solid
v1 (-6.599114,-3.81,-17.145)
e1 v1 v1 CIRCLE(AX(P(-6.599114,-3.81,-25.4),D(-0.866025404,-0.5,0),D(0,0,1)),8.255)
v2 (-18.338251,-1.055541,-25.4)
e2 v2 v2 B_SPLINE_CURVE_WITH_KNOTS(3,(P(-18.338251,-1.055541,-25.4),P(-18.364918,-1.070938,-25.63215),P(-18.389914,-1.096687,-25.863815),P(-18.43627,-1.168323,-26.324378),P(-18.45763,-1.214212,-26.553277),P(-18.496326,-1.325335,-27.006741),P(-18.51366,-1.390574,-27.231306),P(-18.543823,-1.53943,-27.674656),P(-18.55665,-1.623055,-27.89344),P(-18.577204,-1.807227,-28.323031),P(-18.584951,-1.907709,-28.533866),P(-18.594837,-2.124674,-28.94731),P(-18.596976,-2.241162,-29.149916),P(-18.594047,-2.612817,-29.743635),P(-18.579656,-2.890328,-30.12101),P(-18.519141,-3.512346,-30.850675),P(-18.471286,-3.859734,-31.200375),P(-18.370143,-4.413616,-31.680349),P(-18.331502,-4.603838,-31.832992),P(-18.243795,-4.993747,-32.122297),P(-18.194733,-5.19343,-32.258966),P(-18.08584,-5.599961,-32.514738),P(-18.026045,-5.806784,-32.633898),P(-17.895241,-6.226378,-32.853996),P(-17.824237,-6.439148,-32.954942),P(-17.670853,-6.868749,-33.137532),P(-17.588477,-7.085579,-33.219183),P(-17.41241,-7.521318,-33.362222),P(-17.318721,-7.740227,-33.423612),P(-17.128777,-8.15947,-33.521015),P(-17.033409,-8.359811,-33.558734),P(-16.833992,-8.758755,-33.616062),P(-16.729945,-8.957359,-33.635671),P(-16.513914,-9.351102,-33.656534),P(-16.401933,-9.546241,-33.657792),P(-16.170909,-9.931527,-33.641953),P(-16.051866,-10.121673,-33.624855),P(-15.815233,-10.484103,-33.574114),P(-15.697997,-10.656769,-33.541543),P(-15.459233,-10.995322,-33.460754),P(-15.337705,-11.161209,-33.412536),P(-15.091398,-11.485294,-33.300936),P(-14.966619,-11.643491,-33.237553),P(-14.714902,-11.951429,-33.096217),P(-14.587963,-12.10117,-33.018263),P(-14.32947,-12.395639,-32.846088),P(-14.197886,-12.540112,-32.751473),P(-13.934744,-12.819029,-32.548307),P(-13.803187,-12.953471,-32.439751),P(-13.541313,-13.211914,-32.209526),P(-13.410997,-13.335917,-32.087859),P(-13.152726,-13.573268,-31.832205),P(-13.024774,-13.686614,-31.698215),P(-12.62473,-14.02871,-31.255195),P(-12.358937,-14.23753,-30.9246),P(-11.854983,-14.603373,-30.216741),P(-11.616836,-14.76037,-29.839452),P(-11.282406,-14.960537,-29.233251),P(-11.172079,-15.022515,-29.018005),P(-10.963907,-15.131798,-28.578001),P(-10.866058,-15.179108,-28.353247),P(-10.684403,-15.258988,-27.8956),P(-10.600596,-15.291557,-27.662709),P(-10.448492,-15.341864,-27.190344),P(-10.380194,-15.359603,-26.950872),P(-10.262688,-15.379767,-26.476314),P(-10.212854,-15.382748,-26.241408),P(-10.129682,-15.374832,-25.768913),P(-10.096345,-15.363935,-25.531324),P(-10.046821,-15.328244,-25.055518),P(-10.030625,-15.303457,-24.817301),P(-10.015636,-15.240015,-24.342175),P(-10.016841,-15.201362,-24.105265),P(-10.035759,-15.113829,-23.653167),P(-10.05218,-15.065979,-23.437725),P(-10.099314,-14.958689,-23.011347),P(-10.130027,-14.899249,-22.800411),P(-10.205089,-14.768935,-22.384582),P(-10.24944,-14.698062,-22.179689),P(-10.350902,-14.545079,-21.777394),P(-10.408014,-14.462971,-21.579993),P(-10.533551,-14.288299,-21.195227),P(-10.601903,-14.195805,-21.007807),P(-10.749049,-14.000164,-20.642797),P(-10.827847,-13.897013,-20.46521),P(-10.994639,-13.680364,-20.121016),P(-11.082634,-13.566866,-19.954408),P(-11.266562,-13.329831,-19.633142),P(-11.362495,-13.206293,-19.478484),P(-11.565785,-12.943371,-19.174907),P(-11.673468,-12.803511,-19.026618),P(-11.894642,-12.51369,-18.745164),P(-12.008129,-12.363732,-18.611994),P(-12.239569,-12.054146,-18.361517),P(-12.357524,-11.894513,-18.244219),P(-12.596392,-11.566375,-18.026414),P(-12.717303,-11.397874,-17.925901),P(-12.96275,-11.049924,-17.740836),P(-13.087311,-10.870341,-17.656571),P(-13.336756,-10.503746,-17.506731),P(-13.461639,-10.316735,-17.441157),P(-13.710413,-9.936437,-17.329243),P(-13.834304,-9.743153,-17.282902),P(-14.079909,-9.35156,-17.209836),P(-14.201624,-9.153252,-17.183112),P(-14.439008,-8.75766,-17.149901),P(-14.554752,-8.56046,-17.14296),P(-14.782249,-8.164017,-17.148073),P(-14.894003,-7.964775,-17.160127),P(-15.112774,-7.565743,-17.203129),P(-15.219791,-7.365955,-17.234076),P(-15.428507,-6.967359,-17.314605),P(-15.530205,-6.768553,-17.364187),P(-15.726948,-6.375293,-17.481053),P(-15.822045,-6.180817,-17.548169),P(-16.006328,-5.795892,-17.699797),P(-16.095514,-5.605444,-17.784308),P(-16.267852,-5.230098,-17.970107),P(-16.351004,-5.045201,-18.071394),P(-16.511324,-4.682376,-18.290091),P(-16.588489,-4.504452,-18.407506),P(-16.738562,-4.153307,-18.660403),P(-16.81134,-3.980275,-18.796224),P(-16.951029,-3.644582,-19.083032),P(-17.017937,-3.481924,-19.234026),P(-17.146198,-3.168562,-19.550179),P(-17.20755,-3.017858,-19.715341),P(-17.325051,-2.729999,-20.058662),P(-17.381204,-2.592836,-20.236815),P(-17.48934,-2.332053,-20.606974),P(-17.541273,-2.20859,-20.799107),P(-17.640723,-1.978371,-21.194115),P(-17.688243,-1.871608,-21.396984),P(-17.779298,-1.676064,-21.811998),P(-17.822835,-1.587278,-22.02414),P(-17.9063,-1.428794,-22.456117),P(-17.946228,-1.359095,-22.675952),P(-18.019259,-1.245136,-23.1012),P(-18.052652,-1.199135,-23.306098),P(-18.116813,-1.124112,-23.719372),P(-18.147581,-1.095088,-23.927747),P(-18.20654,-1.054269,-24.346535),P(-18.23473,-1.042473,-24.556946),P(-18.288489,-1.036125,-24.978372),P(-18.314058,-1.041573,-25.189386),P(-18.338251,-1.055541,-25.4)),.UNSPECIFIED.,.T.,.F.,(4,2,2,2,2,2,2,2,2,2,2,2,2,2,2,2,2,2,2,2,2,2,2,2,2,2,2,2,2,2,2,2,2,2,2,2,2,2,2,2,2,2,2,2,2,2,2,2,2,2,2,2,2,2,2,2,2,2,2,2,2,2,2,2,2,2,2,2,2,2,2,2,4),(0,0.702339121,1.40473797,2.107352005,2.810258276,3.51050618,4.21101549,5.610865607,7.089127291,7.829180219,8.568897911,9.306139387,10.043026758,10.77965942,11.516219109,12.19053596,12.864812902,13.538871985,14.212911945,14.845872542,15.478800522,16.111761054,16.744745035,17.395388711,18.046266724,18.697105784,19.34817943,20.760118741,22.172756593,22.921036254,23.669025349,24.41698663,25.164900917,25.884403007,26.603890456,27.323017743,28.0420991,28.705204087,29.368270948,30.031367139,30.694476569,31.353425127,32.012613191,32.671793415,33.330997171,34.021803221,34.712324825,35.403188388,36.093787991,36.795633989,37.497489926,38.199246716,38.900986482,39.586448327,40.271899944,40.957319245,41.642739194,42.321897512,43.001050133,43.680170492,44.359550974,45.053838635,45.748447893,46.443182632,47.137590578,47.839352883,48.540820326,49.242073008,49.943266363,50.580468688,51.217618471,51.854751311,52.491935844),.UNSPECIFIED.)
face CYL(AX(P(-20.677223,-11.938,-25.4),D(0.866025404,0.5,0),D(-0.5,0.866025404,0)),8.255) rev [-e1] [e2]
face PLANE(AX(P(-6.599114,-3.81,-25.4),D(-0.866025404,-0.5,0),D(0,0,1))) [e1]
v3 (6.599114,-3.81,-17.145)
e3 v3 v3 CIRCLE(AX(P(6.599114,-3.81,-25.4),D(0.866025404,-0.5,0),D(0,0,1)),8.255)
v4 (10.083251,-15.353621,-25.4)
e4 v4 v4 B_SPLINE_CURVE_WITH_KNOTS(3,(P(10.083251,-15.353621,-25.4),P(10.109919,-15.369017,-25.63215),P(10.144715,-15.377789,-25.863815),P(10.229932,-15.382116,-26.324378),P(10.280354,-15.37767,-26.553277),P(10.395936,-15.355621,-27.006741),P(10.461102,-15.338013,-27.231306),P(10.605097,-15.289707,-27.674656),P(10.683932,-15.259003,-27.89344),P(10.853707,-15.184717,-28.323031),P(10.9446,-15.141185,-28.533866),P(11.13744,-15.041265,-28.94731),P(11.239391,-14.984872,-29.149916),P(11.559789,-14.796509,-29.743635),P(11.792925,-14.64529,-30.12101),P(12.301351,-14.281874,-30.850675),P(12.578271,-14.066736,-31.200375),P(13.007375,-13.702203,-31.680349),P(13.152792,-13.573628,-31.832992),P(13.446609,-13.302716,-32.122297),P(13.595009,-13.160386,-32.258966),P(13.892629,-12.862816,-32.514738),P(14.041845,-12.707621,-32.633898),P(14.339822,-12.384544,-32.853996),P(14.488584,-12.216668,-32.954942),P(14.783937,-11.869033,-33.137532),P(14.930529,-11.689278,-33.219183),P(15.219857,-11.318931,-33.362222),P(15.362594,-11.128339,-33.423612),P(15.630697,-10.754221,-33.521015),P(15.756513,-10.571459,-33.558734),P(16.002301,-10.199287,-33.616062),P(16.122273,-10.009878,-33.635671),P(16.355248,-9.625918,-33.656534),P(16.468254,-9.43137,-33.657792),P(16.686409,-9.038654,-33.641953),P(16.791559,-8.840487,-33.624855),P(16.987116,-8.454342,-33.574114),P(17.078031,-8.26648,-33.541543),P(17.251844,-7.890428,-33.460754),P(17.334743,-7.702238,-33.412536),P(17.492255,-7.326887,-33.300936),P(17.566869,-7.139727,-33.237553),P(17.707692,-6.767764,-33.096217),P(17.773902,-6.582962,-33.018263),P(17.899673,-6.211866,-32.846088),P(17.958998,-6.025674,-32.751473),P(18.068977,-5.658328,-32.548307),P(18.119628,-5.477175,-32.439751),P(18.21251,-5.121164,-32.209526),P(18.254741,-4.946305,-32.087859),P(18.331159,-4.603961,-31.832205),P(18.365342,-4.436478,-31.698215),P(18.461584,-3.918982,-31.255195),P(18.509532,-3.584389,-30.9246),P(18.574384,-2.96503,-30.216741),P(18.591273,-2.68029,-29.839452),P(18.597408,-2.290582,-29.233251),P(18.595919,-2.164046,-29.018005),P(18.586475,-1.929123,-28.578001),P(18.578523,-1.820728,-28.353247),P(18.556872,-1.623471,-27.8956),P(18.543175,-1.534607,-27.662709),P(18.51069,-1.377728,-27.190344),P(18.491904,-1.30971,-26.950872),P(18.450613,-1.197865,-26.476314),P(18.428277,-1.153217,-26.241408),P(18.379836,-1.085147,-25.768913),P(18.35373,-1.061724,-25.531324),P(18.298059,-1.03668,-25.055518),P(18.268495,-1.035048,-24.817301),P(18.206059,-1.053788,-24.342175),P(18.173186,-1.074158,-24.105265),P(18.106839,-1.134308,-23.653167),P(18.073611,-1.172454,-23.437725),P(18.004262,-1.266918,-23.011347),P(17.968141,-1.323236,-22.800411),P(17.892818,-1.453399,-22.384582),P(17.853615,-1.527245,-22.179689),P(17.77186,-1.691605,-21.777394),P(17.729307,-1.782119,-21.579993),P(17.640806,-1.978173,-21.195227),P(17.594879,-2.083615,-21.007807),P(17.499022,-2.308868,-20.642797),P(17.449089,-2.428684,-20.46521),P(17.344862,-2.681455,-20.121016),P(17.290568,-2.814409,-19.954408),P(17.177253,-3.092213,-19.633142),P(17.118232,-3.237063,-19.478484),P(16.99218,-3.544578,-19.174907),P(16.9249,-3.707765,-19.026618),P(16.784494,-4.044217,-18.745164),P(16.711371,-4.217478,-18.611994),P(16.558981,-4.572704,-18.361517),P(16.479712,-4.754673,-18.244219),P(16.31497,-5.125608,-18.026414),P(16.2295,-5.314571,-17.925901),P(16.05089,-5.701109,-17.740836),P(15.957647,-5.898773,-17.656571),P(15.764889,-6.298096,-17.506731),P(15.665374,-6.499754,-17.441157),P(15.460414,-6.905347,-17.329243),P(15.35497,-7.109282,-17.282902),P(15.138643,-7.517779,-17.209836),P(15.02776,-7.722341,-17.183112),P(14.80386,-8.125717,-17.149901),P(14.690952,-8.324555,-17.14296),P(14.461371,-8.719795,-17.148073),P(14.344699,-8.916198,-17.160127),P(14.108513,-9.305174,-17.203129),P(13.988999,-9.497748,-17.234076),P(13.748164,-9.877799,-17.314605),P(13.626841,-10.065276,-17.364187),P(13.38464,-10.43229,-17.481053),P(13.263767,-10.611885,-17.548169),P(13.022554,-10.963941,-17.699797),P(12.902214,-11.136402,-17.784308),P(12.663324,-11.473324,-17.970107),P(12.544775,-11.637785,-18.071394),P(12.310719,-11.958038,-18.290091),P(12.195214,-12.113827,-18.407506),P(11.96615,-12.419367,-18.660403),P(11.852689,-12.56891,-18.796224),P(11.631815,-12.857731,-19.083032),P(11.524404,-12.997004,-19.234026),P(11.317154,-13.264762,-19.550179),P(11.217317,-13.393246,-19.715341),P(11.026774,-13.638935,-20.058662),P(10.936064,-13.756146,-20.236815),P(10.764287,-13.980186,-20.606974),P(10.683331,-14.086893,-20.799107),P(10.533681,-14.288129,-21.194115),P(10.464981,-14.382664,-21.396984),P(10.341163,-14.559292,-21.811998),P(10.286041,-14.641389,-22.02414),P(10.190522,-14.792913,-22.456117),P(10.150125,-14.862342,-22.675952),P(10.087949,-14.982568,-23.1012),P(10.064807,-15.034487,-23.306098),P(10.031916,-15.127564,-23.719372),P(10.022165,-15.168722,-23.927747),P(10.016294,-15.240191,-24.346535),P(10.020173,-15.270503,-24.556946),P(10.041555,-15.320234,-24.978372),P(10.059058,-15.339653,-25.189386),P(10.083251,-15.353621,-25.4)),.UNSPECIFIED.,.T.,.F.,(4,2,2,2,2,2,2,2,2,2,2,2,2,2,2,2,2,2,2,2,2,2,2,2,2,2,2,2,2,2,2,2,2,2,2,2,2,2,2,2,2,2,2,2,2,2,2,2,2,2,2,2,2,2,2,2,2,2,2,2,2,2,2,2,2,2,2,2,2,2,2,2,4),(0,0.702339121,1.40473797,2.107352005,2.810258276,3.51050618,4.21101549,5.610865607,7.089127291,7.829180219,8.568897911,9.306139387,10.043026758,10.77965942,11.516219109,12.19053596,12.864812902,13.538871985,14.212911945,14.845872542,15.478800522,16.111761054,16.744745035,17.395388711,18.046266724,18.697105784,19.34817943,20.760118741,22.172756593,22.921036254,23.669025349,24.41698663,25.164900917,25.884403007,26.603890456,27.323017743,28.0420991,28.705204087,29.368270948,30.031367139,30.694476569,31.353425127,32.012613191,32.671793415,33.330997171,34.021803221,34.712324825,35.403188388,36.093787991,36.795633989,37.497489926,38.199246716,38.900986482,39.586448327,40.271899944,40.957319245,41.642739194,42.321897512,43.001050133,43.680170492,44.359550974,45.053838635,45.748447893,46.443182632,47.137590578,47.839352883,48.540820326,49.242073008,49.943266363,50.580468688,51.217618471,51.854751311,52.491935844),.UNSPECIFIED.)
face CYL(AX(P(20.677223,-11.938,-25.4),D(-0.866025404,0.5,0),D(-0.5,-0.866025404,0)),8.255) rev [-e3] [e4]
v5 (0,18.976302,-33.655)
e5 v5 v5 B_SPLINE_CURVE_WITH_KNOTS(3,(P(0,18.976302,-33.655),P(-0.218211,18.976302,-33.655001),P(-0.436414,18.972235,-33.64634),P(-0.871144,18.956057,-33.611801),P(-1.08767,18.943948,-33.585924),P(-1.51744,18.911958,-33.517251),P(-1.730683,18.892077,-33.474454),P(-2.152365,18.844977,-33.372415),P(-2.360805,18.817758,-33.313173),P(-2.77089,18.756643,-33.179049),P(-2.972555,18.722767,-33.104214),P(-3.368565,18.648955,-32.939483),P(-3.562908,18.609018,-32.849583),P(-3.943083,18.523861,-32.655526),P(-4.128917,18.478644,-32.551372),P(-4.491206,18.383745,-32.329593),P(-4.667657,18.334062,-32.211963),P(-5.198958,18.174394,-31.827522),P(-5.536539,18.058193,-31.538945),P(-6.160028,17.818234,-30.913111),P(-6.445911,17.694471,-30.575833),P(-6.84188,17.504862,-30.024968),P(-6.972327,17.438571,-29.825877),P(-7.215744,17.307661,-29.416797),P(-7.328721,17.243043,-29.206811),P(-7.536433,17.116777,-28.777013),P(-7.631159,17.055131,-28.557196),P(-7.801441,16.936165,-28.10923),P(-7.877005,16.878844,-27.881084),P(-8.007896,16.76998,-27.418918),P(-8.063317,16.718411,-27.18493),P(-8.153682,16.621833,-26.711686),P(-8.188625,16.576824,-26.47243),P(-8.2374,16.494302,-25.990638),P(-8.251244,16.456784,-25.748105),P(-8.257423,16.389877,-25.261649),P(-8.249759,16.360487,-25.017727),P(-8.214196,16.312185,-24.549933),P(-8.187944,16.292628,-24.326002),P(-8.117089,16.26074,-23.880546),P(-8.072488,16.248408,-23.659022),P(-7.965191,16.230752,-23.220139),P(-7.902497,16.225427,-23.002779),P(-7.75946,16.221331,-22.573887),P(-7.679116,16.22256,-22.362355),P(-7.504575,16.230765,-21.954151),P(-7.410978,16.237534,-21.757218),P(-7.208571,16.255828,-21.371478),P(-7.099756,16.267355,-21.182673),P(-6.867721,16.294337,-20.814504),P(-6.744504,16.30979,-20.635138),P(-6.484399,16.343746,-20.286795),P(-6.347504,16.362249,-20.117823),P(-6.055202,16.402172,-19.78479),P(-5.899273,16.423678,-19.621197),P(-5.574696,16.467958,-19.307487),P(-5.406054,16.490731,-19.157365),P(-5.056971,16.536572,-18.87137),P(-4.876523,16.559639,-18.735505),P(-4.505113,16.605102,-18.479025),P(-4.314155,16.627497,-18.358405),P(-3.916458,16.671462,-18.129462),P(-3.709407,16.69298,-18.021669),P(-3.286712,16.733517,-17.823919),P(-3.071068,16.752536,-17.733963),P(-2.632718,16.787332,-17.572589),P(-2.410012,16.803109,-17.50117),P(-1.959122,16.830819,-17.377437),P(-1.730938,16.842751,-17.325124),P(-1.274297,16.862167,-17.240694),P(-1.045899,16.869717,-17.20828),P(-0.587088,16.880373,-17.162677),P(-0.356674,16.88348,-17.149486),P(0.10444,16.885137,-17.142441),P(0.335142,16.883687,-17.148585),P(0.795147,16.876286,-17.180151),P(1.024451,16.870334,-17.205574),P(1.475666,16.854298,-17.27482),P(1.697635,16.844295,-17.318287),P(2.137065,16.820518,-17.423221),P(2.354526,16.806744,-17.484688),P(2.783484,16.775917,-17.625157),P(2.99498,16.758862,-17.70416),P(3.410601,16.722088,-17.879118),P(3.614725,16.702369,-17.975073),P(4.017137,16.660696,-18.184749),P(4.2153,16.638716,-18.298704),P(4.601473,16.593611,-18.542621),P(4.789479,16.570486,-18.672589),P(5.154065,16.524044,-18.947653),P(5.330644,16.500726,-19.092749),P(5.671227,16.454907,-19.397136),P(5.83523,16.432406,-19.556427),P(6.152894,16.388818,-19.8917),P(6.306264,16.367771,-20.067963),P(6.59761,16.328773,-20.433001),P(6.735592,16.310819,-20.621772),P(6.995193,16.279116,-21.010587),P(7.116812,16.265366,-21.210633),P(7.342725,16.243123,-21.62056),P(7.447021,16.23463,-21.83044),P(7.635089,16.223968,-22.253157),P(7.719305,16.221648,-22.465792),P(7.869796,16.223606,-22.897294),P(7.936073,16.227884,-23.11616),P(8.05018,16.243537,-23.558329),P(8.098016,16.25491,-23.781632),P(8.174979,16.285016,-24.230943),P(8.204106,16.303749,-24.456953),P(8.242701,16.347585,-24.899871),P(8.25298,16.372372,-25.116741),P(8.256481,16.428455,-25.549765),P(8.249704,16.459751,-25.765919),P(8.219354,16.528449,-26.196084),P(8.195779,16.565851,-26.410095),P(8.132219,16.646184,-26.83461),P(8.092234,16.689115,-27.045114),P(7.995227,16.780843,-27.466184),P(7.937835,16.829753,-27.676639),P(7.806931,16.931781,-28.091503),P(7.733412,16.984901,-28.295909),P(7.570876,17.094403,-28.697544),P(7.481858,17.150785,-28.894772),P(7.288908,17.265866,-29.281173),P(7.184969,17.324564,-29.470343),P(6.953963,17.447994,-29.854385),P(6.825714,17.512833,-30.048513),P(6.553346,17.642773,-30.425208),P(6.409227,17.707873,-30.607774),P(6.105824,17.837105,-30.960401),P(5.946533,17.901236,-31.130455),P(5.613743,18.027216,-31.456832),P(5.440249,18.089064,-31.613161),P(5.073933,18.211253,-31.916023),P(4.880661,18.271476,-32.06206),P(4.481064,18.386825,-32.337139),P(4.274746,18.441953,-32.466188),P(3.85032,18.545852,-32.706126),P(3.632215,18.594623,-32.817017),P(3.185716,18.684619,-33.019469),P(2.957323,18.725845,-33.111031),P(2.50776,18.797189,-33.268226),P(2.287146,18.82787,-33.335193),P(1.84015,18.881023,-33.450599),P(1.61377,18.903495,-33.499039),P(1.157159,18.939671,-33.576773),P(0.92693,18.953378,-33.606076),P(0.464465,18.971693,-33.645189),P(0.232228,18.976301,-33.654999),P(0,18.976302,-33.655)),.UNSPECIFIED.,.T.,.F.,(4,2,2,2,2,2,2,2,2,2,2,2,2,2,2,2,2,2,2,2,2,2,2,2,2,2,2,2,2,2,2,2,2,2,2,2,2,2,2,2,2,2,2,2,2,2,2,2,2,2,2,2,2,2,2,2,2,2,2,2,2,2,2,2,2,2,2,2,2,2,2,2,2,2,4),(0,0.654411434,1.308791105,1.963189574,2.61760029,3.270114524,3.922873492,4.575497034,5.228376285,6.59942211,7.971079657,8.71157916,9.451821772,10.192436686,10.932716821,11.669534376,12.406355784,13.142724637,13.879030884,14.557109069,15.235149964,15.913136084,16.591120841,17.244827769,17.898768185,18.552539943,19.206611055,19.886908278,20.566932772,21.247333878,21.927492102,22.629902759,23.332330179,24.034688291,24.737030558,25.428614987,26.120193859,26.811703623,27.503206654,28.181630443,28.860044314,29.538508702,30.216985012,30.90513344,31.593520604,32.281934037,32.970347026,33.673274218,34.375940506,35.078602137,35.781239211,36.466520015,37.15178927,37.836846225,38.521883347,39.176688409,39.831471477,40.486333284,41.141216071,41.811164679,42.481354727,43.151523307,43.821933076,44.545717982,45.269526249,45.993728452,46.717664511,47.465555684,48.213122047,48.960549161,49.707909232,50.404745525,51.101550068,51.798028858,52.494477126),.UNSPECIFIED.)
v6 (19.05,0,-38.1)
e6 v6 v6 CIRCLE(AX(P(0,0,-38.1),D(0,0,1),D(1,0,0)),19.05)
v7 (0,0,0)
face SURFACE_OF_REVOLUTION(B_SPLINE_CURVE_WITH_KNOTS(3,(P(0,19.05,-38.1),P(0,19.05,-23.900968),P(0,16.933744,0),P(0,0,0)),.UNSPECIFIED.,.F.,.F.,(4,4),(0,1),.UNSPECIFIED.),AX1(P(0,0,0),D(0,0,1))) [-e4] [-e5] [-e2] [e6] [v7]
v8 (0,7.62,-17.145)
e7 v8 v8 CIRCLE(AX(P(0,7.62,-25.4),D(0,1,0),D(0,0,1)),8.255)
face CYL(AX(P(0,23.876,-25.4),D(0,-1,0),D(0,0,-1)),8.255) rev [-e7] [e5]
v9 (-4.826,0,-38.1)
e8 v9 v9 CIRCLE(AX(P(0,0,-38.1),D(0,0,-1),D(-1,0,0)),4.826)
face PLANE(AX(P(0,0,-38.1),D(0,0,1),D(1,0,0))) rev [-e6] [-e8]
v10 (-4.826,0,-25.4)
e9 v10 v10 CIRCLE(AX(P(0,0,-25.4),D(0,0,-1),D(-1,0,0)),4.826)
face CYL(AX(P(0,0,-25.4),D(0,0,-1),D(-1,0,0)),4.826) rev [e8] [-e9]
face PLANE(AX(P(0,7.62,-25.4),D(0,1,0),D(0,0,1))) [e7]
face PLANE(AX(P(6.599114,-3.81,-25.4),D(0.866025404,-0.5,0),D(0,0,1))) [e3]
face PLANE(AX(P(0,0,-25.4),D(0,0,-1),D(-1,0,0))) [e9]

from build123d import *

# Parameters (mm, degrees)
SKETCH2_R          = 4.826
CUT_EXTRUDE1_DEPTH = 12.7
SKETCH4_R          = 8.255
CUT_EXTRUDE3_DEPTH = 16.256
CIRPATTERN1_COUNT  = 3


with BuildPart() as part:
    # Sketch1 → Revolve1 (revolve)
    with BuildSketch(Plane(origin=(0, 0, 0), x_dir=(0, 0, -1), z_dir=(1, 0, 0))):
        with BuildLine():
            Line((0, 0), (38.1, 0))
            Line((38.1, 0), (38.1, 19.05))
            add(Edge.make_bspline(
                [(0, 0), (0, 16.933744176), (23.900968343, 19.05), (38.1, 19.05)],
                knots=[0, 0, 0, 0, 1, 1, 1, 1], degree=3))
        make_face()
    revolve(axis=Axis((0, 0, 0), (0, 0, -1)))

    # Sketch2 → Cut-Extrude1 (cut)
    with BuildSketch(Plane(origin=(0, 0, -38.1), x_dir=(-1, 0, 0), z_dir=(0, 0, -1))):
        Circle(SKETCH2_R)
    extrude(amount=-CUT_EXTRUDE1_DEPTH, mode=Mode.SUBTRACT)

    # Sketch4 → Cut-Extrude3 (cut)
    with BuildSketch(Plane(origin=(0, 7.62, 0), x_dir=(1, 0, 0), z_dir=(0, 1, 0))):
        with Locations((0, 25.4)):
            Circle(SKETCH4_R)
    cut_extrude3 = extrude(amount=CUT_EXTRUDE3_DEPTH, mode=Mode.SUBTRACT)

    # CirPattern1: Cut-Extrude3 ×3 about axis
    cirpattern1_axis = Axis((0, 0, 0), (0, 0, 1))
    for i in range(1, CIRPATTERN1_COUNT):
        add(cut_extrude3.rotate(cirpattern1_axis, i * 360 / CIRPATTERN1_COUNT), mode=Mode.SUBTRACT)


solid = part.part
